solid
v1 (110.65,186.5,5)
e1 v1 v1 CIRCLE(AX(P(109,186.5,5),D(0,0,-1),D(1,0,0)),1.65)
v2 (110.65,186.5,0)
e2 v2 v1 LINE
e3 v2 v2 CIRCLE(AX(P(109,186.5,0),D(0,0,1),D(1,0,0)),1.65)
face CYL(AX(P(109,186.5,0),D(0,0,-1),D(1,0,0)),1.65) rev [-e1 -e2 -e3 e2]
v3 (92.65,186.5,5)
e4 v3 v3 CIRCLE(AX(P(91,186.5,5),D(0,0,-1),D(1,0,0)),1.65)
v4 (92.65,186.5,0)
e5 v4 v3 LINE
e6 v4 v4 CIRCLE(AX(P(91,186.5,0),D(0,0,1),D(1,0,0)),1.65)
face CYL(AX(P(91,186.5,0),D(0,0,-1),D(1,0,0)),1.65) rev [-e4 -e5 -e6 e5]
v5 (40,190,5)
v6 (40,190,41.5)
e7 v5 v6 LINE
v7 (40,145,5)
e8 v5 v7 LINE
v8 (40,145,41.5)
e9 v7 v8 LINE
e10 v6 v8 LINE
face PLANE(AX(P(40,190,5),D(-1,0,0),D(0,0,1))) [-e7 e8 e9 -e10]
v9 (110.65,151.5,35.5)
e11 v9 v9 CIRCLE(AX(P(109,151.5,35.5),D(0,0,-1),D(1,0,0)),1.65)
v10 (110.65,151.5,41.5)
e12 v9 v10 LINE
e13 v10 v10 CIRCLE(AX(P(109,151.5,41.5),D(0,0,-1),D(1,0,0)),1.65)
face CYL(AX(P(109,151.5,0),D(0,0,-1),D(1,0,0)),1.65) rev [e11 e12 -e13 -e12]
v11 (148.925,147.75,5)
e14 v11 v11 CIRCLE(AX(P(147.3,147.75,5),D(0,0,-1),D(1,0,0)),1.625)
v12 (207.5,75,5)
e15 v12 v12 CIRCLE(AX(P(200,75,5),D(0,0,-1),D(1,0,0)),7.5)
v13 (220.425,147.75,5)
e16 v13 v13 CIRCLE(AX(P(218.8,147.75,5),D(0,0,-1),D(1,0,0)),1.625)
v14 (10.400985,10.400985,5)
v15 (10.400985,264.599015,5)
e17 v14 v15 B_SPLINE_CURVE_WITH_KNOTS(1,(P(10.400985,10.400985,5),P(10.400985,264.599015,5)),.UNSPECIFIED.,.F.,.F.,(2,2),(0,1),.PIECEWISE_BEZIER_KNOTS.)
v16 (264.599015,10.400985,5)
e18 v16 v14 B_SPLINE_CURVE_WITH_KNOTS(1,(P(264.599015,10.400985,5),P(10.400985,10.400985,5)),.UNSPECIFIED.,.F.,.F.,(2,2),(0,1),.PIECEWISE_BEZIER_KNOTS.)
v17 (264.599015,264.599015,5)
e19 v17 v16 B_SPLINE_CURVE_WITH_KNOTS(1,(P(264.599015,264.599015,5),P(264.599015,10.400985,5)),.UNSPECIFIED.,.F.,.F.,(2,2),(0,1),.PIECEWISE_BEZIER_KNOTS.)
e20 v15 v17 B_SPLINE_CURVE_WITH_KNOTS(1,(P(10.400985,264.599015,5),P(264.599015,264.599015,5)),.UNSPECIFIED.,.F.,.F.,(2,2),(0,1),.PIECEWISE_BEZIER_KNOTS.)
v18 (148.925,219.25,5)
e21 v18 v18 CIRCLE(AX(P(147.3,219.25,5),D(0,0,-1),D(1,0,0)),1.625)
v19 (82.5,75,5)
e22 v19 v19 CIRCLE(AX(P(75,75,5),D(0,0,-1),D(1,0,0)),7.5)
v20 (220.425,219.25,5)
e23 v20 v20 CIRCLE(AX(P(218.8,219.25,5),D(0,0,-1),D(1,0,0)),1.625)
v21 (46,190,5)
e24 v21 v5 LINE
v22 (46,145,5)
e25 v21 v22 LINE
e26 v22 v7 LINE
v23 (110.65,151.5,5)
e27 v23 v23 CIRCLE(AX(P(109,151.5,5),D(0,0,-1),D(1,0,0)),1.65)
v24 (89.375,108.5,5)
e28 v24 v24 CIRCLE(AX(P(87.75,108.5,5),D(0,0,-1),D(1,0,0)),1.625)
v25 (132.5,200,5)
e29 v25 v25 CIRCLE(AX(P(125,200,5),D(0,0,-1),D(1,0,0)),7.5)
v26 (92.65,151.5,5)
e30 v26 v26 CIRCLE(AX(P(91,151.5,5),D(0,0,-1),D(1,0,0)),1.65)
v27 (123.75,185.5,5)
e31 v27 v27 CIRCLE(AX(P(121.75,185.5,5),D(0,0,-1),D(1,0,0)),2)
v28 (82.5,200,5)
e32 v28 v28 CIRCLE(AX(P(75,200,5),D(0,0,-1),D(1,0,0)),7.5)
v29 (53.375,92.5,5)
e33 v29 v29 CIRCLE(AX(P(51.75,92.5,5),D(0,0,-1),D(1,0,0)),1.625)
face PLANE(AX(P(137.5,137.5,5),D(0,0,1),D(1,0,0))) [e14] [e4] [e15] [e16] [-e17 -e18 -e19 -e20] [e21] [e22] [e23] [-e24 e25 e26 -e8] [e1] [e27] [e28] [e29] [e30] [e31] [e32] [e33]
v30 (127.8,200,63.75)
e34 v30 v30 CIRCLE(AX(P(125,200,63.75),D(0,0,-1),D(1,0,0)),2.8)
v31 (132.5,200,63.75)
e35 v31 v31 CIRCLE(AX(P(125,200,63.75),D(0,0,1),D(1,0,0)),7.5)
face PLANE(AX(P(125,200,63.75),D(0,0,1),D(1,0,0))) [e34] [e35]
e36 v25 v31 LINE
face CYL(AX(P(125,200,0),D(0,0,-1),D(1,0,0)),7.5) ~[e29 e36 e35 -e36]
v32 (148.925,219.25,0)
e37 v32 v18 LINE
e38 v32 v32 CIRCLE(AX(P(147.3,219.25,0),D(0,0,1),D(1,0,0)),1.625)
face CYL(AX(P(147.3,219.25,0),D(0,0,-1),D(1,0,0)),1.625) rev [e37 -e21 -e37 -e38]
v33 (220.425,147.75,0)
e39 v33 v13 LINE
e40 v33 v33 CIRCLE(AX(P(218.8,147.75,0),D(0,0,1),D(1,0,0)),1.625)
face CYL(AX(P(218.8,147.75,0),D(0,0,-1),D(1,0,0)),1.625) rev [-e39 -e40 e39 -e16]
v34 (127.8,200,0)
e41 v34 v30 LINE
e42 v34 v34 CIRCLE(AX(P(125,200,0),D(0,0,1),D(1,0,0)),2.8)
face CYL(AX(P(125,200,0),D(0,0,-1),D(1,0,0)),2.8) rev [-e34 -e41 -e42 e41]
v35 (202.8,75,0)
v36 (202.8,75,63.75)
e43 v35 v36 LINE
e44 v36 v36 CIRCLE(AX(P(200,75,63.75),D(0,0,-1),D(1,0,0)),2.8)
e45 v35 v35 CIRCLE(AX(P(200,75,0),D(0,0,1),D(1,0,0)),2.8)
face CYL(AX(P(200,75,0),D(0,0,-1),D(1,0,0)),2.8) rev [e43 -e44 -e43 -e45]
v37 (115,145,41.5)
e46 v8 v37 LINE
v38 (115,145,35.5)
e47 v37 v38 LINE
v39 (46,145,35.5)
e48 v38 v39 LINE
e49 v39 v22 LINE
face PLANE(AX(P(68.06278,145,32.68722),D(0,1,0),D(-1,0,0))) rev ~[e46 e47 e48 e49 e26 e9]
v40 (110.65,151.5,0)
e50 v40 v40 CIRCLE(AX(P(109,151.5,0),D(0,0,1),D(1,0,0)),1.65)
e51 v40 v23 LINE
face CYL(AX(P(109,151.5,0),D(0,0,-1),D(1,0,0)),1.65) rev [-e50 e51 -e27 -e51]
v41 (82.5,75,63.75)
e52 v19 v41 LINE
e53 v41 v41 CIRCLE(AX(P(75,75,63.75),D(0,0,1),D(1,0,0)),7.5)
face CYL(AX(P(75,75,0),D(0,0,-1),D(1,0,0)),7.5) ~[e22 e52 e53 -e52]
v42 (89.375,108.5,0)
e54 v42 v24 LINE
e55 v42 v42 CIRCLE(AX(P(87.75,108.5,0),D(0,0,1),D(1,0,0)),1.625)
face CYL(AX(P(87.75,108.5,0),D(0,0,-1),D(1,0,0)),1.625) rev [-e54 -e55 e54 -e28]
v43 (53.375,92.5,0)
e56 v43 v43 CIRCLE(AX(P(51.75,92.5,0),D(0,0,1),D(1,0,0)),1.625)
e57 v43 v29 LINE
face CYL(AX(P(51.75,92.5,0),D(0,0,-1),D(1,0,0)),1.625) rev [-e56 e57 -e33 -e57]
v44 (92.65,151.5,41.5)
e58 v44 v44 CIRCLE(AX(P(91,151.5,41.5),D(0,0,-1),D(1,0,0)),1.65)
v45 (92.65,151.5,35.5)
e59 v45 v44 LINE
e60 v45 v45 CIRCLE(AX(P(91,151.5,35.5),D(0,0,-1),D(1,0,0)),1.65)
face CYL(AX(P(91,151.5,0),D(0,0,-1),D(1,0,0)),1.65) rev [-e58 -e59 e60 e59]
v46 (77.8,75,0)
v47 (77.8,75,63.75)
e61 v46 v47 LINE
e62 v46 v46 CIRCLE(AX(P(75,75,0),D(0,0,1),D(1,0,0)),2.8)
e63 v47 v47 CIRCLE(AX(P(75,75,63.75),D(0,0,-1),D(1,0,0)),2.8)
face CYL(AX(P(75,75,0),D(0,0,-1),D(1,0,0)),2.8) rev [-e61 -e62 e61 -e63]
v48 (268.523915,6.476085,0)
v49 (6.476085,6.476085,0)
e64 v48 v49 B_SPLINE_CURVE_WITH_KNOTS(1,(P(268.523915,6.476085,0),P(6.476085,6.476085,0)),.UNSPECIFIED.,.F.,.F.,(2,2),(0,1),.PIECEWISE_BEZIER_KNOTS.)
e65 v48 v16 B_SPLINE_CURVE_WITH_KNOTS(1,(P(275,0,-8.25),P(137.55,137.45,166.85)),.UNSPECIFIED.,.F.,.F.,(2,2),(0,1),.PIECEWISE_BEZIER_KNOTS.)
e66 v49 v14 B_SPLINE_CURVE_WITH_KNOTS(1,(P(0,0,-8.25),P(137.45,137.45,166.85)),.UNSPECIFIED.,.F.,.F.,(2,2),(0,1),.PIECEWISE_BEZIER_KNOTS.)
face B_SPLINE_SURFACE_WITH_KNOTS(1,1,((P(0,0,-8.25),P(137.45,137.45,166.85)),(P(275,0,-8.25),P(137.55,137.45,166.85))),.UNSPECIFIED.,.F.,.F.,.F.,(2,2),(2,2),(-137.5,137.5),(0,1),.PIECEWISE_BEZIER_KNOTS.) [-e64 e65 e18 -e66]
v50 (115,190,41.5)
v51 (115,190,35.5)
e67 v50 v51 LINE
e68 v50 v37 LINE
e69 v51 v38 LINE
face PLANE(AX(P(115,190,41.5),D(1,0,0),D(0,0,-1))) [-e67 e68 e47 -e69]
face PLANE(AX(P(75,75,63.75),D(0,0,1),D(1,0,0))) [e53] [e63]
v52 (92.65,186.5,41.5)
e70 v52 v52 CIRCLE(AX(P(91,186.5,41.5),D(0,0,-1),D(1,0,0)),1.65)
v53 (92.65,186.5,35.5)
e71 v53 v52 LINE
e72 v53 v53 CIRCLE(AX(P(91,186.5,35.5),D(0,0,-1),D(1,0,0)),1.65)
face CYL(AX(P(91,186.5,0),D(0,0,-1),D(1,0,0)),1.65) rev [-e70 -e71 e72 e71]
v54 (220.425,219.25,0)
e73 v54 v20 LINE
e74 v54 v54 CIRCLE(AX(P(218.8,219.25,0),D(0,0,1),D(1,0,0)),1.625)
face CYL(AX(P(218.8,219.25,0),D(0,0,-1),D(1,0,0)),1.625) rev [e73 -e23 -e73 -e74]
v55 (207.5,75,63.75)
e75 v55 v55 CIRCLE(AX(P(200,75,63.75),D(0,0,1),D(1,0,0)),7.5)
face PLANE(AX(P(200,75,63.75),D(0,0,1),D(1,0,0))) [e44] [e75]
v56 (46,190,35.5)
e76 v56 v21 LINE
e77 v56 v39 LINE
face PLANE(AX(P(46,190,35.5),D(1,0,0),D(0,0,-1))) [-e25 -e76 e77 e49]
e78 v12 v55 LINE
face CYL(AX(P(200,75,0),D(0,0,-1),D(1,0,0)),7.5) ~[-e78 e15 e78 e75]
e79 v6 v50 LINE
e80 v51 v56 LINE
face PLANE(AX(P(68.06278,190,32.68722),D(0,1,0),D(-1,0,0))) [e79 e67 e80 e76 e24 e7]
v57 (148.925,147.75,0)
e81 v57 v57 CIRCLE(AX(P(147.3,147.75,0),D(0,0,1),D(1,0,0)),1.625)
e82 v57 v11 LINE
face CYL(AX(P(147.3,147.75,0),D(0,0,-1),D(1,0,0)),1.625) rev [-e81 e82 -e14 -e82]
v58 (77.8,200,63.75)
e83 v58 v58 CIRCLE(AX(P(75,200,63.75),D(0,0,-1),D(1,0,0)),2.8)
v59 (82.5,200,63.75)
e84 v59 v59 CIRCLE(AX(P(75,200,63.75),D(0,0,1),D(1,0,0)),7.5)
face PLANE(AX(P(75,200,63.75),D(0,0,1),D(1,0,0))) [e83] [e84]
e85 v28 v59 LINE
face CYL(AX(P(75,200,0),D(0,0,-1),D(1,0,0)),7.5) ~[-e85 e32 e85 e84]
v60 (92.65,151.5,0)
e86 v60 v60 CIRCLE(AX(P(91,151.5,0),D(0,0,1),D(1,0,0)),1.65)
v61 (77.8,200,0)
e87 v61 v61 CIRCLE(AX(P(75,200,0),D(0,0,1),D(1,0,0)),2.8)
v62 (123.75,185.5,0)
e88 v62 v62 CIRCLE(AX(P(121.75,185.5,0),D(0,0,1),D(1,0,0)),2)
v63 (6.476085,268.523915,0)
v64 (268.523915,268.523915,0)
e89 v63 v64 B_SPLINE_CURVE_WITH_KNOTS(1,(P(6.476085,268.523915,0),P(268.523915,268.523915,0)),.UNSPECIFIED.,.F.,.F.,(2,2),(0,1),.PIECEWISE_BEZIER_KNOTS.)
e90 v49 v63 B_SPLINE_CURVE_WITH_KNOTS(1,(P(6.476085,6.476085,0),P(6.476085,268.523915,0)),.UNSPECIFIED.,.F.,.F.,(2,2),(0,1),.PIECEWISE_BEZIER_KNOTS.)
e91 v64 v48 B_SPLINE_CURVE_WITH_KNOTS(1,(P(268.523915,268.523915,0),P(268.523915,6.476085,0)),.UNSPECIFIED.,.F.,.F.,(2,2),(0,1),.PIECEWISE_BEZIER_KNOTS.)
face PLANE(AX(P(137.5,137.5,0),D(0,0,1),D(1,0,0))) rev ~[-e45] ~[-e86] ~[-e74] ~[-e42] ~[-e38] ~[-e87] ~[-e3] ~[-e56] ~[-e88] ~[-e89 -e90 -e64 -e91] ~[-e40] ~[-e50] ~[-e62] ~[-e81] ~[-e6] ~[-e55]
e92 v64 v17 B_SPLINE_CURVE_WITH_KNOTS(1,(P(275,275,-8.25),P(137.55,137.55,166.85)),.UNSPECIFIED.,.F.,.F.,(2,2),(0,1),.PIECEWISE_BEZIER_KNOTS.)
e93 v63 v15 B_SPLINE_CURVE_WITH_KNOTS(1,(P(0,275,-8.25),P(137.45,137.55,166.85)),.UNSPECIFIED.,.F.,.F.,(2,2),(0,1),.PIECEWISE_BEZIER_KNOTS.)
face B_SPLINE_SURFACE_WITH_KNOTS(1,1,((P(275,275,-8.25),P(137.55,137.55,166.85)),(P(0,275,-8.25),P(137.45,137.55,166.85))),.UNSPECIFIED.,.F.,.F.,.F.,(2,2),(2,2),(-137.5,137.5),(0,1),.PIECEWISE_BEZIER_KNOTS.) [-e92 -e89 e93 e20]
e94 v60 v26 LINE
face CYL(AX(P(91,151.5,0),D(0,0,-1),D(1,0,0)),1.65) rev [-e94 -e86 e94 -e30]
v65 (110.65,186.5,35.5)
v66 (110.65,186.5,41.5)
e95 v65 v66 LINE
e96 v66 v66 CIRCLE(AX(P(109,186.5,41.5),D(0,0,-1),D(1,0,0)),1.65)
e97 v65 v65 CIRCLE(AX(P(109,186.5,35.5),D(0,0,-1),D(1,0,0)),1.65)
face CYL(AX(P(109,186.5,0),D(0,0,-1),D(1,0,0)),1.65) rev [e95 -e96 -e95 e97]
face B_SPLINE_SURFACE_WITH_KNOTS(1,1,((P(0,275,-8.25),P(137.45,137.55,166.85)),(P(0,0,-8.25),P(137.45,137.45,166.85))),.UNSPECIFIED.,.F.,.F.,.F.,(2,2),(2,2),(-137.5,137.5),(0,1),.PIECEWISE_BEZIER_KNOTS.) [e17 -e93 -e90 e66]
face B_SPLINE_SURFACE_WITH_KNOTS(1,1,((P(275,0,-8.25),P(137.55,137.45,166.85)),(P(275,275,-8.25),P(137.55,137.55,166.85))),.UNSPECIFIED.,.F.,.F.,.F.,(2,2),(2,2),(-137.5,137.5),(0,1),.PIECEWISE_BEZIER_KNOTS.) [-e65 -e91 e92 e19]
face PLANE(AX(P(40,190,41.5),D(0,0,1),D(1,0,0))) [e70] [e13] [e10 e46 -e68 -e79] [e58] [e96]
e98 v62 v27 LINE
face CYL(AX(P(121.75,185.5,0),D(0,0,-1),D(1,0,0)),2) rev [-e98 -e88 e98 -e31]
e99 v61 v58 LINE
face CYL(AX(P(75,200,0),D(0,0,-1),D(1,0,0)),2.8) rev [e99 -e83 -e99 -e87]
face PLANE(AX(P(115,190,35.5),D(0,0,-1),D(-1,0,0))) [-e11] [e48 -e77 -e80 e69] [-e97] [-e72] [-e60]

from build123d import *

# Parameters (mm, degrees)
SKETCH027_R      = 1.625
SKETCH027_R_2    = 2
SKETCH027_R_3    = 2.8
SKETCH027_R_4    = 1.65
EXTRUDE004_DEPTH = 80
EXTRUDE003_DEPTH = 45
SKETCH025_W      = 275
SKETCH025_H      = 275
EXTRUDE002_DEPTH = 5
SKETCH023_W      = 275
SKETCH023_H      = 275
SKETCH024_W      = 0.1
SKETCH024_H      = 0.1
SKETCH_R         = 7.5
EXTRUDE001_DEPTH = 63.75


with BuildPart() as extrude004:
    # Sketch027 → Extrude004 (new body)
    with BuildSketch(Plane.XY):
        with Locations((51.75, 92.5)):
            Circle(SKETCH027_R)
        with Locations((87.75, 108.5)):
            Circle(SKETCH027_R)
        with Locations((121.75, 185.5)):
            Circle(SKETCH027_R_2)
        with Locations((147.3, 147.75)):
            Circle(SKETCH027_R)
        with Locations((218.8, 147.75)):
            Circle(SKETCH027_R)
        with Locations((218.8, 219.25)):
            Circle(SKETCH027_R)
        with Locations((147.3, 219.25)):
            Circle(SKETCH027_R)
        with Locations((75, 200)):
            Circle(SKETCH027_R_3)
        with Locations((125, 200)):
            Circle(SKETCH027_R_3)
        with Locations((200, 75)):
            Circle(SKETCH027_R_3)
        with Locations((75, 75)):
            Circle(SKETCH027_R_3)
        with Locations((91, 186.5)):
            Circle(SKETCH027_R_4)
        with Locations((109, 186.5)):
            Circle(SKETCH027_R_4)
        with Locations((91, 151.5)):
            Circle(SKETCH027_R_4)
        with Locations((109, 151.5)):
            Circle(SKETCH027_R_4)
    extrude(amount=EXTRUDE004_DEPTH)


with BuildPart() as extrude003:
    # Sketch026 → Extrude003 (new body)
    with BuildSketch(Plane.XZ):
        Polygon((46, 5), (40, 5), (40, 41.5), (115, 41.5), (115, 35.5), (46, 35.5), align=None)
    extrude(amount=EXTRUDE003_DEPTH)


with BuildPart() as extrude003_1:
    # Extrude003 placement: moved
    add(extrude003.part.moved(Location((0, 190, 0))))


with BuildPart() as level01s001:
    # Sketch025 → Extrude002 (new body)
    with BuildSketch(Plane.XY):
        with Locations((137.5, 137.5)):
            Rectangle(SKETCH025_W, SKETCH025_H)
    extrude(amount=EXTRUDE002_DEPTH)


with BuildPart() as baselevel:
    # Sketch023 → Loft004 section 0
    with BuildSketch(Plane.XY):
        with Locations((137.5, 137.5)):
            Rectangle(SKETCH023_W, SKETCH023_H)
    # Sketch024 → Loft004 section 1
    with BuildSketch(Plane.XY.offset(175.1)):
        with Locations((137.5, 137.5)):
            Rectangle(SKETCH024_W, SKETCH024_H)
    loft()


with BuildPart() as baselevel_1:
    # Loft004 placement: moved
    add(baselevel.part.moved(Location((0, 0, -8.25))))

    # Common001: intersect level01s001
    add(level01s001.part, mode=Mode.INTERSECT)


with BuildPart() as level02:
    # Sketch → Extrude001 (new body)
    with BuildSketch(Plane.XY):
        with Locations((75, 200)):
            Circle(SKETCH_R)
        with Locations((125, 200)):
            Circle(SKETCH_R)
        with Locations((75, 75)):
            Circle(SKETCH_R)
        with Locations((200, 75)):
            Circle(SKETCH_R)
    extrude(amount=EXTRUDE001_DEPTH)

    # Fusion: union BaseLevel
    add(baselevel_1.part)

    # Fusion056: union Extrude003
    add(extrude003_1.part)

    # Cut001: cut Extrude004
    add(extrude004.part, mode=Mode.SUBTRACT)


solid = level02.part
